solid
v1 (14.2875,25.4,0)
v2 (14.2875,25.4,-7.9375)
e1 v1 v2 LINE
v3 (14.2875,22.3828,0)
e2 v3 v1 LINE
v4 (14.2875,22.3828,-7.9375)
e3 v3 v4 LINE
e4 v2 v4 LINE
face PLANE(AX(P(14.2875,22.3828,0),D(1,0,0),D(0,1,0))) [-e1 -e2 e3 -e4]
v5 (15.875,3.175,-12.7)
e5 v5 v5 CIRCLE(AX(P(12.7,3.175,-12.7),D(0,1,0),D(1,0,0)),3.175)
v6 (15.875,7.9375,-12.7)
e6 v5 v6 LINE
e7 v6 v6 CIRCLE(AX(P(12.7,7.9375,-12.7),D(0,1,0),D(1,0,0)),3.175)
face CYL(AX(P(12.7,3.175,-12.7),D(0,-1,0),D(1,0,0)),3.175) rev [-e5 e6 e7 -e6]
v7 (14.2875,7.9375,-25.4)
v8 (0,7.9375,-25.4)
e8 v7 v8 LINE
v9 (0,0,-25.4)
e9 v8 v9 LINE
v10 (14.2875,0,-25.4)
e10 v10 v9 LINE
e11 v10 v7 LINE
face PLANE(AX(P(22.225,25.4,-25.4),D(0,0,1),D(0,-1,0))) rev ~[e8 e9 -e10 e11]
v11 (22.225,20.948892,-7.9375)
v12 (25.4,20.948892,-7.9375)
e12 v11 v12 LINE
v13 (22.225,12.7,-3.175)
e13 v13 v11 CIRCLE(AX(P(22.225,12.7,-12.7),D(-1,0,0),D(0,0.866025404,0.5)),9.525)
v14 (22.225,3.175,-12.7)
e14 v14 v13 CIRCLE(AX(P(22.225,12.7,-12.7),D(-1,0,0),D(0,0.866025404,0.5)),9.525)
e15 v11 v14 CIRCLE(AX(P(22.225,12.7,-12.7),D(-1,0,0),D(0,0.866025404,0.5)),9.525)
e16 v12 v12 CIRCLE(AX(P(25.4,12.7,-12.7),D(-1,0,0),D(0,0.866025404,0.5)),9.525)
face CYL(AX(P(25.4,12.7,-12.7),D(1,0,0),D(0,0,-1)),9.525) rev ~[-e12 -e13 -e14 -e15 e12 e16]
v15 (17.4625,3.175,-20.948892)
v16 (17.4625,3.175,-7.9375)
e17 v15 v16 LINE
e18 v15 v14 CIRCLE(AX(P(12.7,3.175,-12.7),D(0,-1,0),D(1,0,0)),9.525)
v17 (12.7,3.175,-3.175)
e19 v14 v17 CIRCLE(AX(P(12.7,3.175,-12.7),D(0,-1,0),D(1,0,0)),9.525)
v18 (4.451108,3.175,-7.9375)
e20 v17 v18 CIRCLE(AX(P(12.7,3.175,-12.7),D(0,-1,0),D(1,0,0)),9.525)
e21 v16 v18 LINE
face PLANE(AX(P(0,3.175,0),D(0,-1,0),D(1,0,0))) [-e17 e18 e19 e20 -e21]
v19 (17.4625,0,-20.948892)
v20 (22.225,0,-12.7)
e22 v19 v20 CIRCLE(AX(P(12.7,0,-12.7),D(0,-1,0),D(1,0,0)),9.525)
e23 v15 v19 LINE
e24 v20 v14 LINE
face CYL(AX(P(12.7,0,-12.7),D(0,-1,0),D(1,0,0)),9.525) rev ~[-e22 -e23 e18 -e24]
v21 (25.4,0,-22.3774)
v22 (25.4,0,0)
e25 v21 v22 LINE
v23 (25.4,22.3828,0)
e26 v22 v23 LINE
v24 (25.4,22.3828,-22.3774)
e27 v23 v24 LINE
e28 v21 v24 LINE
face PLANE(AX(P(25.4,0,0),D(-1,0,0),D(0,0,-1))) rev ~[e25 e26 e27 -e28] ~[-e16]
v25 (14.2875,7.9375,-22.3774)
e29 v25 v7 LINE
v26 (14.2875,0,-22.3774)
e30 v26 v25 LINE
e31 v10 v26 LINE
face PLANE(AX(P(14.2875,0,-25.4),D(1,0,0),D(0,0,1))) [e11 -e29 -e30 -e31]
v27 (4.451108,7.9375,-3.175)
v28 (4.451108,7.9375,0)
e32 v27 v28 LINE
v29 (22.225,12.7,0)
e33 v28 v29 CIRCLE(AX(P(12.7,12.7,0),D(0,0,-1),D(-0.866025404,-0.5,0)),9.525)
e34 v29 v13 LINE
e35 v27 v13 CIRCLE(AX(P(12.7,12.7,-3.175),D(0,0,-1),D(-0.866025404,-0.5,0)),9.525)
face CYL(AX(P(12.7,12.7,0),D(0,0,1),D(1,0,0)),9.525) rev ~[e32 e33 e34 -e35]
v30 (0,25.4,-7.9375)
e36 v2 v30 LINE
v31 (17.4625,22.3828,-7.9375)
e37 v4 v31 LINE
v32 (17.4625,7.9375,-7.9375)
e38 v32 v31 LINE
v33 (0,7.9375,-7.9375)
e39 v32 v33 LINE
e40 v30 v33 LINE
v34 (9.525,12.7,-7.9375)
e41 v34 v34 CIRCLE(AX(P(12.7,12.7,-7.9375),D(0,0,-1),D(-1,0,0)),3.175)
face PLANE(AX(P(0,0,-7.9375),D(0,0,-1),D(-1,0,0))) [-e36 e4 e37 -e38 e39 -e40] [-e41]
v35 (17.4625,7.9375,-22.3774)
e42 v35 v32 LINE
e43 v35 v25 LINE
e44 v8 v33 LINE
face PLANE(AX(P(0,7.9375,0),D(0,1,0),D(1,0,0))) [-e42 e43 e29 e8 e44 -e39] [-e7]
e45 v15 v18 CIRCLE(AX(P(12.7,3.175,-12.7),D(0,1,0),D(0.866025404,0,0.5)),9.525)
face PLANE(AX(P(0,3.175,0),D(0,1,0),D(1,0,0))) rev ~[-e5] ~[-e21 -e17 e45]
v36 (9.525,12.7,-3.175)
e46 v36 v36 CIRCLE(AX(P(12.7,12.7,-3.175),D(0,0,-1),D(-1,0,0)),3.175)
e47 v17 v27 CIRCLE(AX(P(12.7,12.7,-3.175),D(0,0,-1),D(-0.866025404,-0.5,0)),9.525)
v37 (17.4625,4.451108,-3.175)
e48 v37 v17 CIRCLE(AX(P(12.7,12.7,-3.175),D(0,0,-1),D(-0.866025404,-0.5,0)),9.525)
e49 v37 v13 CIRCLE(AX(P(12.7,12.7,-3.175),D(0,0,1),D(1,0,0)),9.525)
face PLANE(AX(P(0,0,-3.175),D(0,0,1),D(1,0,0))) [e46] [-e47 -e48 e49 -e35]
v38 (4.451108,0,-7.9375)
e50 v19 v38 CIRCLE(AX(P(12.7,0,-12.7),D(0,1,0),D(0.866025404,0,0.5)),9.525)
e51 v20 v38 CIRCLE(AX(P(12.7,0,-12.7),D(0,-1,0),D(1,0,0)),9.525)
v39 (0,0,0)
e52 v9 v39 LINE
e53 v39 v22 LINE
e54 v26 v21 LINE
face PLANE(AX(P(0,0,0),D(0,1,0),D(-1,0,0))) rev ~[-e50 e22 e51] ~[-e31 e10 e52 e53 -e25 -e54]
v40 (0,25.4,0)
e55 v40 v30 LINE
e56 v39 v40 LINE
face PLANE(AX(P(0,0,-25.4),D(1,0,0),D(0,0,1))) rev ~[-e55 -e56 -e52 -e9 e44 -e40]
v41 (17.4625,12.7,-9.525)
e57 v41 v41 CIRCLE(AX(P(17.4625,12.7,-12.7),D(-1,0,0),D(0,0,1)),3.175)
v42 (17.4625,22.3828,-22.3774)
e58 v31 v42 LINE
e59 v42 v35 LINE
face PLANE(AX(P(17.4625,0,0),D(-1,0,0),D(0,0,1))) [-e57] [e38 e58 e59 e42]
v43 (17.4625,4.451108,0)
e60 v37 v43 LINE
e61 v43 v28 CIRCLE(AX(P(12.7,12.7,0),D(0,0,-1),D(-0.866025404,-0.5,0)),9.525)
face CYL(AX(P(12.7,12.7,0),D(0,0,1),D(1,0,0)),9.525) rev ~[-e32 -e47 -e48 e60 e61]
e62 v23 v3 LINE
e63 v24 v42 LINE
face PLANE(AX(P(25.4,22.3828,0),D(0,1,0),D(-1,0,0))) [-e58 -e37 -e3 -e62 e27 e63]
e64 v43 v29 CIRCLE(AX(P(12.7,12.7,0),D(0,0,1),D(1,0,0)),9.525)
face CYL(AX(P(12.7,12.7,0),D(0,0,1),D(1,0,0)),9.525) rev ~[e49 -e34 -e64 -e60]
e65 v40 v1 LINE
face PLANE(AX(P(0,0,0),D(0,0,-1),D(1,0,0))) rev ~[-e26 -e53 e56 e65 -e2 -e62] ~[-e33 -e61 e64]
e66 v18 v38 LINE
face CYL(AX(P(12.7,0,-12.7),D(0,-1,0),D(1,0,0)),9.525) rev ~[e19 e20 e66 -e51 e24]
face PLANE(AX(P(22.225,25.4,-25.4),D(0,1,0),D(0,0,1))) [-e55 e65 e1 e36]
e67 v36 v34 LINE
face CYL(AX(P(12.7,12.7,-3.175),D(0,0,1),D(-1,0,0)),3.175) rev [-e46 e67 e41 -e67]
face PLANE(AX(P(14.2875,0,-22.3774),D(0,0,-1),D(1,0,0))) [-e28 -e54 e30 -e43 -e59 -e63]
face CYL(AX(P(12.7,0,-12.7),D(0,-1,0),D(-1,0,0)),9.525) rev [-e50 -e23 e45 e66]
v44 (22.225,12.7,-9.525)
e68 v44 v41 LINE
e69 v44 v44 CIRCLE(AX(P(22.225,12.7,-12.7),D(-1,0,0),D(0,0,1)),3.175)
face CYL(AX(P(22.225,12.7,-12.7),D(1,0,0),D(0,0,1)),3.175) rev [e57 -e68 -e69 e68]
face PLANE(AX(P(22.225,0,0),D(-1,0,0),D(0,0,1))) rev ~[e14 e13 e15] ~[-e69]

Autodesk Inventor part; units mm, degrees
ref_plane "YZ Plane" through (0, 0, 0) normal (1, 0, 0) x (0, 1, 0)
ref_plane "XZ Plane" through (0, 0, 0) normal (0, 1, 0) x (-1, 0, 0)
ref_plane "XY Plane" through (0, 0, 0) normal (0, 0, 1) x (1, 0, 0)
sketch "Sketch1" plane through (0, 0, 0) normal (0, 1, 0) x (-1, 0, 0)
  line L0 (0, 0) -> (-25.4, 0)
  line L1 (-25.4, 0) -> (-25.4, -25.4)
  line L2 (-25.4, -25.4) -> (0, -25.4)
  line L3 (0, -25.4) -> (0, 0)
  line L4 (0, 0) -> (-25.4, -25.4) construction
  line L5 (-25.4, 0) -> (0, -25.4) construction
  circle A0 centre (-12.7, -12.7) radius 9.525
  dimension "d0" = 25.4
  dimension "d1" = 25.4
  dimension "d3" = 19.05
extrude "Extrusion1" add sketch "Sketch1" along normal blind 3.175
sketch "Sketch2" plane through (0, 3.175, 0) normal (0, 1, 0) x (1, 0, 0)
  line L0 (25.4, 25.4) -> (0, 25.4) projected
  line L1 (0, 0) -> (25.4, 0)
  line L2 (25.4, 0) -> (25.4, 25.4)
  line L3 (25.4, 25.4) -> (0, 25.4)
  line L4 (0, 25.4) -> (0, 0)
  line L5 (0, 25.4) -> (0, 0) construction
  line L6 (0, 0) -> (25.4, 25.4) construction
  line L7 (0, 25.4) -> (25.4, 0) construction
  circle A0 centre (12.7, 12.7) radius 3.175
  dimension "d39" = 6.35
extrude "Extrusion2" add sketch "Sketch2" along normal blind 4.7625
sketch "Sketch4" plane through (0, 0, 0) normal (0, 0, 1) x (1, 0, 0)
  line L0 (0, 0) -> (0, 7.9375) projected
  line L1 (0, 0) -> (25.4, 0)
  line L2 (25.4, 0) -> (25.4, 25.4)
  line L3 (25.4, 25.4) -> (0, 25.4)
  line L4 (0, 25.4) -> (0, 0)
  line L5 (0, 25.4) -> (25.4, 0) construction
  line L6 (25.4, 25.4) -> (0, 0) construction
  circle A0 centre (12.7, 12.7) radius 9.525
  dimension "d13" = 25.4
  dimension "d14" = 25.4
  dimension "d15" = 19.05
extrude "Extrusion4" add sketch "Sketch4" against normal blind 3.175
sketch "Sketch5" plane through (0, 0, 0) normal (0, 0, 1) x (1, 0, 0)
  line L0 (0, 0) -> (0, 25.4) construction
  line L1 (0, 0) -> (25.4, 0) construction
  line L2 (0, 25.4) -> (25.4, 0) construction
  line L3 (0, 25.4) -> (25.4, 25.4) construction
  line L4 (25.4, 0) -> (25.4, 25.4) construction
  line L5 (0, 0) -> (0, 7.9375) construction
  line L6 (25.4, 25.4) -> (0, 0) construction
  circle A0 centre (12.7, 12.7) radius 9.525
  dimension "d18" = 19.05
extrude "Extrusion5" cut sketch "Sketch5" against normal blind 3.175
sketch "Sketch6" plane through (0, 0, -3.175) normal (0, 0, -1) x (-1, 0, 0)
  line L0 (-25.4, 0) -> (-25.4, 25.4) projected
  line L1 (-25.4, 25.4) -> (0, 25.4)
  line L2 (0, 25.4) -> (0, 0)
  line L3 (0, 0) -> (-25.4, 0)
  line L4 (-25.4, 0) -> (-25.4, 25.4)
  line L5 (0, 0) -> (0, 25.4) construction
  line L6 (-25.4, 25.4) -> (0, 0) construction
  line L7 (0, 0) -> (0, 25.4) construction
  line L8 (0, 25.4) -> (-25.4, 0) construction
  circle A0 centre (-12.7, 12.7) radius 3.175
  dimension "d40" = 6.35
extrude "Extrusion6" add sketch "Sketch6" along normal blind 4.7625
sketch "Sketch7" plane through (25.4, 0, 0) normal (1, 0, 0) x (0, 0, -1)
  line L0 (0, 25.4) -> (7.9375, 25.4) projected
  line L1 (25.4, 0) -> (25.4, 7.9375) projected
  line L2 (0, 25.4) -> (25.4, 25.4)
  line L3 (25.4, 25.4) -> (25.4, 0)
  line L4 (25.4, 0) -> (0, 0)
  line L5 (0, 0) -> (0, 25.4)
  line L6 (0, 25.4) -> (25.4, 0) construction
  line L7 (25.4, 25.4) -> (0, 0) construction
  circle A0 centre (12.7, 12.7) radius 9.525
  dimension "d24" = 19.05
extrude "Extrusion7" add sketch "Sketch7" against normal blind 3.175
sketch "Sketch8" plane through (25.4, 0, 0) normal (1, 0, 0) x (0, 0, -1)
  line L0 (0, 0) -> (0, 25.4) construction
  line L1 (0, 0) -> (25.4, 0) construction
  line L2 (0, 25.4) -> (25.4, 0) construction
  line L3 (25.4, 0) -> (25.4, 25.4) construction
  line L4 (25.4, 25.4) -> (0, 0) construction
  circle A0 centre (12.7, 12.7) radius 9.525
  dimension "d27" = 19.05
extrude "Extrusion8" cut sketch "Sketch8" against normal blind 3.175
sketch "Sketch9" plane through (22.225, 0, 0) normal (-1, 0, 0) x (0, 0, 1)
  line L0 (-25.4, 25.4) -> (-25.4, 7.9375) projected
  line L1 (-25.4, 25.4) -> (0, 25.4)
  line L2 (0, 25.4) -> (0, 0)
  line L3 (0, 0) -> (-25.4, 0)
  line L4 (-25.4, 0) -> (-25.4, 25.4)
  line L5 (-25.4, 0) -> (0, 0) construction
  line L6 (-25.4, 25.4) -> (0, 0) construction
  line L7 (0, 0) -> (0, 25.4) construction
  line L8 (0, 25.4) -> (-25.4, 0) construction
  circle A0 centre (-12.7, 12.7) radius 3.175
  dimension "d41" = 6.35
extrude "Extrusion9" add sketch "Sketch9" along normal blind 4.7625
sketch "Sketch10" plane through (0, 0, 0) normal (0, -1, 0) x (1, 0, 0)
  line L0 (0, -25.4) -> (0, -7.9375) projected
  line L1 (25.4, 0) -> (0, 0) projected
  line L2 (0, -25.4) -> (25.4, -25.4)
  line L3 (25.4, -25.4) -> (25.4, 0)
  line L4 (25.4, 0) -> (0, 0)
  line L5 (0, 0) -> (0, -25.4)
  line L6 (17.4625, -25.4) -> (0, -25.4) construction
  line L7 (25.4, 0) -> (25.4, -25.4) construction
  line L8 (0, -25.4) -> (25.4, 0) construction
  line L9 (25.4, 0) -> (0, 0) construction
  line L10 (0, -25.4) -> (0, 0) construction
  line L11 (0, 0) -> (25.4, -25.4) construction
  circle A0 centre (12.7, -12.7) radius 9.525
  dimension "d33" = 19.05
extrude "Extrusion10" cut sketch "Sketch10" against normal blind 3.175 contours A0
sketch "Sketch11" plane through (0, 0, 0) normal (0, 0, 1) x (1, 0, 0)
  line L0 (0, 7.9375) -> (0, 25.4) construction
  line L1 (25.4, 0) -> (25.4, 25.4) construction
  line L2 (0, 25.4) -> (25.4, 0) construction
  line L3 (25.4, 0) -> (25.4, 25.4) construction
  line L4 (25.4, 25.4) -> (0, 0) construction
  circle A0 centre (12.7, 12.7) radius 9.525
  dimension "d36" = 19.05
extrude "Extrusion11" cut sketch "Sketch11" against normal blind 3.175
sketch "Sketch12" plane through (0, 0, 0) normal (0, 0, 1) x (1, 0, 0)
  line L0 (12.7, 22.3828) -> (25.4, 22.3828) construction
  line L1 (0, 25.4) -> (17.4625, 25.4) projected
  line L2 (25.4, 22.3828) -> (14.2875, 22.3828)
  line L3 (14.2875, 22.3828) -> (14.2875, 25.4)
  line L4 (14.2875, 25.4) -> (25.4, 25.4)
  line L5 (25.4, 25.4) -> (25.4, 22.3828)
  point P0 (0, 0)
  dimension "d42" = 11.1125
extrude "Extrusion12" cut sketch "Sketch12" against normal blind 25.4
sketch "Sketch13" plane through (0, 0, 0) normal (0, -1, 0) x (1, 0, 0)
  line L0 (17.4625, -25.4) -> (25.4, -25.4) projected
  line L1 (25.4, -25.4) -> (14.2875, -25.4)
  line L2 (14.2875, -25.4) -> (14.2875, -22.3774)
  line L3 (14.2875, -22.3774) -> (25.4, -22.3774)
  line L4 (25.4, -22.3774) -> (25.4, -25.4)
  point P0 (0, 0)
  dimension "d45" = 11.1125
  dimension "d46" = 3.0226
extrude "Extrusion13" cut sketch "Sketch13" against normal blind 25.4
properties part number "MountingBracket_4"
